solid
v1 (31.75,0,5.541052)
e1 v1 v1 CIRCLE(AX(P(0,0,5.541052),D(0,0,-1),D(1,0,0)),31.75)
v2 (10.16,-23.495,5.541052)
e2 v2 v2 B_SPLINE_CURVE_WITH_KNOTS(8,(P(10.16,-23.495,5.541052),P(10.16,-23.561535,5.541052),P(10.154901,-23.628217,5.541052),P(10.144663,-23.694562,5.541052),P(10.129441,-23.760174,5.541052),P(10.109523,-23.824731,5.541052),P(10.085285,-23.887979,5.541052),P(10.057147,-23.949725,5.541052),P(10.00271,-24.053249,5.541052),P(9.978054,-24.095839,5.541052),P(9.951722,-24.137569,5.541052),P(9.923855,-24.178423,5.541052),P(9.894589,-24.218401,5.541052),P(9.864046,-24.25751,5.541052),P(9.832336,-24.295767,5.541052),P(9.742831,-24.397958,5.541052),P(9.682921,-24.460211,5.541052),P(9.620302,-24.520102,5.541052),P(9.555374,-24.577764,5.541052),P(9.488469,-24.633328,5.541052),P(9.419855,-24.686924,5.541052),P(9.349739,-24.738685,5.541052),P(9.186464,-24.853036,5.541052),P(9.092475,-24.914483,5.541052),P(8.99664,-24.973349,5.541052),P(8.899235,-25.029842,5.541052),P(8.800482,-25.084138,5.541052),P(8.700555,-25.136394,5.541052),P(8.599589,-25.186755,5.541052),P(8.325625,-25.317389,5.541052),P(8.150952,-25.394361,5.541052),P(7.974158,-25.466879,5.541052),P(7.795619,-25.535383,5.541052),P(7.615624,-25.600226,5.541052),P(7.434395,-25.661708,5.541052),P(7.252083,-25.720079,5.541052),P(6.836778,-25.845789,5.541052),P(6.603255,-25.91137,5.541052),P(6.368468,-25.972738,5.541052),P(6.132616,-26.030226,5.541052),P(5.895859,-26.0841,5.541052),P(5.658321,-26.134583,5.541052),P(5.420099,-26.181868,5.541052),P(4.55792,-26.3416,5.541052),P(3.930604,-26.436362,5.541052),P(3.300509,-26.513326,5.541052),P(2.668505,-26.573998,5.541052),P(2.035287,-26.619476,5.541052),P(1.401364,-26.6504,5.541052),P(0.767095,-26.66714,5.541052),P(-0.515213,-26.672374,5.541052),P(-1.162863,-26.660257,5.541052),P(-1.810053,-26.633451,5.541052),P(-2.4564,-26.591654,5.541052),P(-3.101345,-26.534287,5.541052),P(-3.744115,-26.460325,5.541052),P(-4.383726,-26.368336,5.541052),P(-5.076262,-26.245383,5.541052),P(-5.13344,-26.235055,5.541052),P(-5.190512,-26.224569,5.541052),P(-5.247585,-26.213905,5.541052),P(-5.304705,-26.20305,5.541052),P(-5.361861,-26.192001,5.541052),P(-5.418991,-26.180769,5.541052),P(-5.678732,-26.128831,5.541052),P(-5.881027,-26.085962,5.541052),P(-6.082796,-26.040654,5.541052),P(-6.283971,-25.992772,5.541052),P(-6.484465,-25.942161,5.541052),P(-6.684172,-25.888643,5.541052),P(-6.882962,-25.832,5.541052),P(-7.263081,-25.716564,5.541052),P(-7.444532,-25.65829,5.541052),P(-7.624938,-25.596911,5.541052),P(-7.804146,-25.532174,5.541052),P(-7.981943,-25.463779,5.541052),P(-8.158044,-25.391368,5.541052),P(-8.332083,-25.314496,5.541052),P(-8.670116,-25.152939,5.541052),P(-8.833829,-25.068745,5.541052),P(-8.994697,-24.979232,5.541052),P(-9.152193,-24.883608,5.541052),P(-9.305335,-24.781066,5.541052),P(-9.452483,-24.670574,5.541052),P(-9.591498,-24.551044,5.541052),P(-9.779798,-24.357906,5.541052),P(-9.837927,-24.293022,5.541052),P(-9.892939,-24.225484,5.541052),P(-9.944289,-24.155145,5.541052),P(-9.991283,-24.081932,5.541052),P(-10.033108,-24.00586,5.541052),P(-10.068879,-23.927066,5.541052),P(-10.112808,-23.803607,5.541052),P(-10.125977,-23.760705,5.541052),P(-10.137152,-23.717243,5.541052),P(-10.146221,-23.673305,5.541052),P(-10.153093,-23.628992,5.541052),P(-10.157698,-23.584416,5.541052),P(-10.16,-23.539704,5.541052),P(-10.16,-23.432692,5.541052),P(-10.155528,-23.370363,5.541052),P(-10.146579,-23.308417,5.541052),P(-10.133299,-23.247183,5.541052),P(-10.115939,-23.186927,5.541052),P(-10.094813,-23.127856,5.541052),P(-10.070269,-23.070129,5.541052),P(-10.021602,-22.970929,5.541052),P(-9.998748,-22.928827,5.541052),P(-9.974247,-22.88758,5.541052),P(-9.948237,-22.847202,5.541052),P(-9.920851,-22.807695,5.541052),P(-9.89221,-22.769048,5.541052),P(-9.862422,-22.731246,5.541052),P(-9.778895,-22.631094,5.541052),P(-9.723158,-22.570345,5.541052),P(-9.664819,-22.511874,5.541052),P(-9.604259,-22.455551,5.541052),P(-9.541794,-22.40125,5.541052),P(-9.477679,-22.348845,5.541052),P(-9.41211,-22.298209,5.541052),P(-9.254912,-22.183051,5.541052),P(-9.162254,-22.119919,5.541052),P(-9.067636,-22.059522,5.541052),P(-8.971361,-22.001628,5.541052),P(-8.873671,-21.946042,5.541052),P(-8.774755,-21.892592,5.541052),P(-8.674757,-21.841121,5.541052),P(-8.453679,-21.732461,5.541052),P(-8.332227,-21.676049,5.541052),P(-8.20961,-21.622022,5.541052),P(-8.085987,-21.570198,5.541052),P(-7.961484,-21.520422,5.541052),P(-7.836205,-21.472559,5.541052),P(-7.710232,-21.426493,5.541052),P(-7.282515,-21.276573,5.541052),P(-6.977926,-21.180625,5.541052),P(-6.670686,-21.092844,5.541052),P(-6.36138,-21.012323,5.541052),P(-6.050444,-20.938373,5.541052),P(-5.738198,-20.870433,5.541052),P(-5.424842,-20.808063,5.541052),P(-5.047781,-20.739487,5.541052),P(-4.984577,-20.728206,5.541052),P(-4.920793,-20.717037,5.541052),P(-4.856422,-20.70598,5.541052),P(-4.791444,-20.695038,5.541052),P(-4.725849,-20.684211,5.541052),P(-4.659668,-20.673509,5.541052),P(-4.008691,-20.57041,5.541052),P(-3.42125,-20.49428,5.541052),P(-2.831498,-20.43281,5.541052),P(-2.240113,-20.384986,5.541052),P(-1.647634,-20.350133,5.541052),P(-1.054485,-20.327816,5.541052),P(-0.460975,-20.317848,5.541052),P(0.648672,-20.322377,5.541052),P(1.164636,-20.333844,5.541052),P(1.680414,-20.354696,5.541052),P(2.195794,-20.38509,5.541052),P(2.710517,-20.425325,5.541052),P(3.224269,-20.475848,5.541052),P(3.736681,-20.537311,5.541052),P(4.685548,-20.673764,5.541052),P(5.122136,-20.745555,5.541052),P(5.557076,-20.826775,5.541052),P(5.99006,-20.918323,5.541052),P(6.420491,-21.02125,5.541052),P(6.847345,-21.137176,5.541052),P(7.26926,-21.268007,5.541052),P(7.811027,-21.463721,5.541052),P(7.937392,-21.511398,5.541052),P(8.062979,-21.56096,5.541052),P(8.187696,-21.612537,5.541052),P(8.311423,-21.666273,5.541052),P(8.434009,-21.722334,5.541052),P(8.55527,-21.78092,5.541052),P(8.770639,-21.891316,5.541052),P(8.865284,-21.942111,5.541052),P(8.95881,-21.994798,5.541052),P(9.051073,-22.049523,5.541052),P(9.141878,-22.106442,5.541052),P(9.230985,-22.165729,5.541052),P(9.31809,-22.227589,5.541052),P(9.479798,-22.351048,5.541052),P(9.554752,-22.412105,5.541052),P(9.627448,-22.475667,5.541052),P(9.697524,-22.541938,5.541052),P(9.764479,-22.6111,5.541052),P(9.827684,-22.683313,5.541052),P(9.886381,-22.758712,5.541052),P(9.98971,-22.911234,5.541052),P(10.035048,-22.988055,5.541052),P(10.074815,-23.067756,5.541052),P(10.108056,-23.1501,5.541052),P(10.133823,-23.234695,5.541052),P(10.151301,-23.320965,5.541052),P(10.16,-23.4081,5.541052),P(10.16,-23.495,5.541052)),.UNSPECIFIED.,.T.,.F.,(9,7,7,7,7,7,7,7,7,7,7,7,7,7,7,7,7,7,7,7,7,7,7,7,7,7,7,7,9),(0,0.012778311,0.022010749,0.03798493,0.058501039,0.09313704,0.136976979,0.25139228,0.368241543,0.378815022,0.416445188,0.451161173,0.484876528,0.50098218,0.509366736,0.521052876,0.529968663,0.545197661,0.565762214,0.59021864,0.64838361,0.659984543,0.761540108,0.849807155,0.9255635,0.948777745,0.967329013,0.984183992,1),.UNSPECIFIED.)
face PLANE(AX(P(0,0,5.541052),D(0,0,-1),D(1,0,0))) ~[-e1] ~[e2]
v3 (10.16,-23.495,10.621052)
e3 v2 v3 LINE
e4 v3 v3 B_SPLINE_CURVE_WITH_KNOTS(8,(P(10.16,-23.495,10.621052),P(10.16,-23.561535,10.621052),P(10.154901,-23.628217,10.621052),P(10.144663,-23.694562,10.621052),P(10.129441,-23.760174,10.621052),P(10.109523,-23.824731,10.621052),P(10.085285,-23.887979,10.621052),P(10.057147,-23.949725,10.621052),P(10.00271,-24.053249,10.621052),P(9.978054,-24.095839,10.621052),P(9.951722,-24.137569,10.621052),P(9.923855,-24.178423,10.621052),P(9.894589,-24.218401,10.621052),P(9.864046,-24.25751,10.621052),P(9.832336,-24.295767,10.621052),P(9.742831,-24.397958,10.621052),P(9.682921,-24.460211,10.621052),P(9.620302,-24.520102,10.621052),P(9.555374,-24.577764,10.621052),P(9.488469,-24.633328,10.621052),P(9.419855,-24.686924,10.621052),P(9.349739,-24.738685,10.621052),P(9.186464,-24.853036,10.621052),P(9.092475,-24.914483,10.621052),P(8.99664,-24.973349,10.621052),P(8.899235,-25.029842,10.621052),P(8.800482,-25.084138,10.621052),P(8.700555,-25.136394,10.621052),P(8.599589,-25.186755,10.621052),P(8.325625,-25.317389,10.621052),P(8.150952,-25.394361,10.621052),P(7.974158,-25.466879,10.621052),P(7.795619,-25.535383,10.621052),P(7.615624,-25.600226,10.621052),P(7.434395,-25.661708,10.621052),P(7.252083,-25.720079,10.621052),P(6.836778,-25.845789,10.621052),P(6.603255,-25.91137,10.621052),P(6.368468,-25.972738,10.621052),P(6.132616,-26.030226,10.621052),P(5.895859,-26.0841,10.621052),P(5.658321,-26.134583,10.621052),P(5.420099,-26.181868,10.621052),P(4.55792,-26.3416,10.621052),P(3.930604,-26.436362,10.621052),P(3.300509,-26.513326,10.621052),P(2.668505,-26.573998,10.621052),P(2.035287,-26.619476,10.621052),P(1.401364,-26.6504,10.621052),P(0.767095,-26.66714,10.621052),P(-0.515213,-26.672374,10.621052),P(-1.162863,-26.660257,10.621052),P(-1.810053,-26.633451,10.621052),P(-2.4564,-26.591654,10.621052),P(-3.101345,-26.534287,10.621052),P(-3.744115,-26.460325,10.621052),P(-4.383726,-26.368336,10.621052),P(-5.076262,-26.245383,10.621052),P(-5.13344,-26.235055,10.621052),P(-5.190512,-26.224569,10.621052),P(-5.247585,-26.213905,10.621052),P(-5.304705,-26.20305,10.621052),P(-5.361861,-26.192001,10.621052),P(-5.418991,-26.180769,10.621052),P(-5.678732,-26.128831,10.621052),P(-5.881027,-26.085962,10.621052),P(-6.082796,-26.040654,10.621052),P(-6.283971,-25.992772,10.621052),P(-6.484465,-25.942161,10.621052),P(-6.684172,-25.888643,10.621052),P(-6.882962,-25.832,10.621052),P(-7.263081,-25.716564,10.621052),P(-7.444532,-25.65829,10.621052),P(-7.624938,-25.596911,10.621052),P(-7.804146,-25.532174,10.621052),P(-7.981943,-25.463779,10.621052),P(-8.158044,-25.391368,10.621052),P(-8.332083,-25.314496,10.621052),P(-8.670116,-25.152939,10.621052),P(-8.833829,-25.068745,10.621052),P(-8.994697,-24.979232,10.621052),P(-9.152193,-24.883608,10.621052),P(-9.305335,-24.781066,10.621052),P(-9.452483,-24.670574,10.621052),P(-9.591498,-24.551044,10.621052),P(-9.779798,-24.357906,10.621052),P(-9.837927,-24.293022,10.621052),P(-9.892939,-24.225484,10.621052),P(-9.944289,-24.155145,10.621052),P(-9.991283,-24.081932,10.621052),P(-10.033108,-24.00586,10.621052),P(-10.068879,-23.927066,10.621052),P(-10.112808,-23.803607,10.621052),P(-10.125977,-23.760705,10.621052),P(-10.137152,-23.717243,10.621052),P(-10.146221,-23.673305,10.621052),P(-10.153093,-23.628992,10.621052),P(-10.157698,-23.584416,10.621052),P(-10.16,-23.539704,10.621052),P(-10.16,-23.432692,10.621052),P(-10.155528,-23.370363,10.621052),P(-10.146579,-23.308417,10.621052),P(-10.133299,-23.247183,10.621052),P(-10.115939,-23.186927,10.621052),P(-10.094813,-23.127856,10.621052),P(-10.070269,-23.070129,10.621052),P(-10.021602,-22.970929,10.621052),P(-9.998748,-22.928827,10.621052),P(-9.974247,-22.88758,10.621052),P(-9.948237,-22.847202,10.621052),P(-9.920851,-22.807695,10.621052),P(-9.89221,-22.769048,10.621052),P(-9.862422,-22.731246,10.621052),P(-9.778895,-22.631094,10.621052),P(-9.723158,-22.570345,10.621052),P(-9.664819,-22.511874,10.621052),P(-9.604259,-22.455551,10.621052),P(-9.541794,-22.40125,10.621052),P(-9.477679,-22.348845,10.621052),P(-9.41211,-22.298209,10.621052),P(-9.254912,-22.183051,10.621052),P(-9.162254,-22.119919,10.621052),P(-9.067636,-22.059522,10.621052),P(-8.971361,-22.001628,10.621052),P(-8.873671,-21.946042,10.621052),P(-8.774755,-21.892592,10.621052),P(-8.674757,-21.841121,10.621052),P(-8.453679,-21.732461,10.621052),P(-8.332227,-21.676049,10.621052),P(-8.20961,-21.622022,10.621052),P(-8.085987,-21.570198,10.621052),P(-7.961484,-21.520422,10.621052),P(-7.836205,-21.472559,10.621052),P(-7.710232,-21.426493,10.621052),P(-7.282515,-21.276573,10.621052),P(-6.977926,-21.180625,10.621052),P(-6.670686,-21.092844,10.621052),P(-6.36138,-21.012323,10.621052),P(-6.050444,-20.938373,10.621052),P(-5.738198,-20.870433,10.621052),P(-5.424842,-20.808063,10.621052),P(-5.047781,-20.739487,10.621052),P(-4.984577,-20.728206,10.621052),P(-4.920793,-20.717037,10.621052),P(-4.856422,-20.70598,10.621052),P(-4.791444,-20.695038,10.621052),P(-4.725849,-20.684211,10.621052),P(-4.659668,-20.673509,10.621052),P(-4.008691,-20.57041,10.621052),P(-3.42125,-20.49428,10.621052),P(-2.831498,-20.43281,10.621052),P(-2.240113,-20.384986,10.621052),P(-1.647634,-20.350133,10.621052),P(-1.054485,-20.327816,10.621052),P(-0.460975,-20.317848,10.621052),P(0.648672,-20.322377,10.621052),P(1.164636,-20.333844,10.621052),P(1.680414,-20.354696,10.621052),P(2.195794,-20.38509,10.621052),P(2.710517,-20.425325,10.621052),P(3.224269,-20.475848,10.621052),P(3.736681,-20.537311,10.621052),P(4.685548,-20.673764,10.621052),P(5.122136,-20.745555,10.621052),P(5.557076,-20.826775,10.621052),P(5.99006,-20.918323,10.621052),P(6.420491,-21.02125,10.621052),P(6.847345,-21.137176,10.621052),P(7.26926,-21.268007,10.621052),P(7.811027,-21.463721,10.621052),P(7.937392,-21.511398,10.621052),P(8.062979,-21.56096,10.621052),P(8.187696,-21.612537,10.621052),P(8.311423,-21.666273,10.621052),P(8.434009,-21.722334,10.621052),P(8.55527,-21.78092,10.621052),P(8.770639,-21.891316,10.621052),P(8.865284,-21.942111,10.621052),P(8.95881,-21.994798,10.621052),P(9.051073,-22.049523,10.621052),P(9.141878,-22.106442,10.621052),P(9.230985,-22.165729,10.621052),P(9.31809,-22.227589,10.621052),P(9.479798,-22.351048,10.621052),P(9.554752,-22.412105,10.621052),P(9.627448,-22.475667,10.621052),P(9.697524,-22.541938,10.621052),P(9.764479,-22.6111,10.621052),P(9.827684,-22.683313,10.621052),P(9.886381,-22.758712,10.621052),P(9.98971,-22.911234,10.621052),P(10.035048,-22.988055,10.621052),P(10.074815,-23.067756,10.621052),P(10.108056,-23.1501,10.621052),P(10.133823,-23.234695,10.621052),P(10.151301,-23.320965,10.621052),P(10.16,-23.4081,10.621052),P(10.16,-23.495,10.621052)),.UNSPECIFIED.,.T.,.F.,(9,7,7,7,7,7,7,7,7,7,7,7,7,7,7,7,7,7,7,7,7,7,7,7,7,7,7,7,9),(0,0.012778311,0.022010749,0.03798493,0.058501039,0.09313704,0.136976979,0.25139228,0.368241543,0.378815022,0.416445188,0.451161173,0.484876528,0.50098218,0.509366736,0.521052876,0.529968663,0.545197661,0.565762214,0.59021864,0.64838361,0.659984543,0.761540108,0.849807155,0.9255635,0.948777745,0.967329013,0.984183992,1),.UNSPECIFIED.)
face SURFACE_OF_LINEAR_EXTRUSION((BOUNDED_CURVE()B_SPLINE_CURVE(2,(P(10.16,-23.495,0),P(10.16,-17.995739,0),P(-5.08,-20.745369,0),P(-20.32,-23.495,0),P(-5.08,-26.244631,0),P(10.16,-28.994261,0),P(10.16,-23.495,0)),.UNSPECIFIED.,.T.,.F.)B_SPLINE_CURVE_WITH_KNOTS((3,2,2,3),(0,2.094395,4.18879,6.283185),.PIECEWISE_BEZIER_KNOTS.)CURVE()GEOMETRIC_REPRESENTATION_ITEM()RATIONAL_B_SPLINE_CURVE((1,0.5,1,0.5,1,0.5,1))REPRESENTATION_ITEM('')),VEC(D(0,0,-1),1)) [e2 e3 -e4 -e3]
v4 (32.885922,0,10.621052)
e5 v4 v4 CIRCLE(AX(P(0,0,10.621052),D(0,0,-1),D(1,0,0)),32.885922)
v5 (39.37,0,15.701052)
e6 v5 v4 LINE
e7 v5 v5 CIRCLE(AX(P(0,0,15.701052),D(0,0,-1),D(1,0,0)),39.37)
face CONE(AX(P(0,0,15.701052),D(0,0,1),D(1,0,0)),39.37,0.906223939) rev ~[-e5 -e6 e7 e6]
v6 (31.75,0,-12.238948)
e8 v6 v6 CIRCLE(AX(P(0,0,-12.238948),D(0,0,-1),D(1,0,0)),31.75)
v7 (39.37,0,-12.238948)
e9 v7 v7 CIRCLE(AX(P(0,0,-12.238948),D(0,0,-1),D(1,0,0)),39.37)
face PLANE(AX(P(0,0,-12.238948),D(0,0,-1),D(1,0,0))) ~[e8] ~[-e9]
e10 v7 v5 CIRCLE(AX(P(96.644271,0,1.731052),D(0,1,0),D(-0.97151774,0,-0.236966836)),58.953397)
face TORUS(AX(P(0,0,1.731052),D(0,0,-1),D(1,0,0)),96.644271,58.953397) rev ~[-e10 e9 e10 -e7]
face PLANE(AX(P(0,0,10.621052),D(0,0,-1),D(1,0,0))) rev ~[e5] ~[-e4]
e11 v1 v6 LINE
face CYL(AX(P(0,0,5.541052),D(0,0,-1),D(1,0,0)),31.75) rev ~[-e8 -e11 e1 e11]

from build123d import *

# Parameters (mm, degrees)
F3_DEPTH = 99.822


with BuildPart() as f1:
    # F0 (on Front) → F1 (revolve)
    with BuildSketch(Plane.XZ):
        with BuildLine():
            ThreePointArc((39.37, -12.238948), (37.690874, 1.731052), (39.37, 15.701052))
            Line((39.37, 15.701052), (32.885922, 10.621052))
            Line((32.885922, 10.621052), (0, 10.621052))
            Line((0, 10.621052), (0, 5.541052))
            Line((0, 5.541052), (31.75, 5.541052))
            Line((31.75, 5.541052), (31.75, -12.238948))
            Line((31.75, -12.238948), (39.37, -12.238948))
        make_face()
    revolve(axis=Axis((0, 0, -0.808948), (0, 0, -1)))

    # F2 (on Top) → F3 (cut)
    with BuildSketch(Plane.XY):
        with BuildLine():
            add(Edge.make_bspline(
                [(10.16, -23.495), (10.16, -17.995739), (-5.08, -20.745369), (-20.32, -23.495), (-5.08, -26.244631), (10.16, -28.994261), (10.16, -23.495)],
                knots=[0, 0, 0, 2.094395, 2.094395, 4.18879, 4.18879, 6.283185, 6.283185, 6.283185], degree=2, weights=[1, 0.5, 1, 0.5, 1, 0.5, 1]))
        make_face()
    extrude(amount=F3_DEPTH, mode=Mode.SUBTRACT)


solid = f1.part
